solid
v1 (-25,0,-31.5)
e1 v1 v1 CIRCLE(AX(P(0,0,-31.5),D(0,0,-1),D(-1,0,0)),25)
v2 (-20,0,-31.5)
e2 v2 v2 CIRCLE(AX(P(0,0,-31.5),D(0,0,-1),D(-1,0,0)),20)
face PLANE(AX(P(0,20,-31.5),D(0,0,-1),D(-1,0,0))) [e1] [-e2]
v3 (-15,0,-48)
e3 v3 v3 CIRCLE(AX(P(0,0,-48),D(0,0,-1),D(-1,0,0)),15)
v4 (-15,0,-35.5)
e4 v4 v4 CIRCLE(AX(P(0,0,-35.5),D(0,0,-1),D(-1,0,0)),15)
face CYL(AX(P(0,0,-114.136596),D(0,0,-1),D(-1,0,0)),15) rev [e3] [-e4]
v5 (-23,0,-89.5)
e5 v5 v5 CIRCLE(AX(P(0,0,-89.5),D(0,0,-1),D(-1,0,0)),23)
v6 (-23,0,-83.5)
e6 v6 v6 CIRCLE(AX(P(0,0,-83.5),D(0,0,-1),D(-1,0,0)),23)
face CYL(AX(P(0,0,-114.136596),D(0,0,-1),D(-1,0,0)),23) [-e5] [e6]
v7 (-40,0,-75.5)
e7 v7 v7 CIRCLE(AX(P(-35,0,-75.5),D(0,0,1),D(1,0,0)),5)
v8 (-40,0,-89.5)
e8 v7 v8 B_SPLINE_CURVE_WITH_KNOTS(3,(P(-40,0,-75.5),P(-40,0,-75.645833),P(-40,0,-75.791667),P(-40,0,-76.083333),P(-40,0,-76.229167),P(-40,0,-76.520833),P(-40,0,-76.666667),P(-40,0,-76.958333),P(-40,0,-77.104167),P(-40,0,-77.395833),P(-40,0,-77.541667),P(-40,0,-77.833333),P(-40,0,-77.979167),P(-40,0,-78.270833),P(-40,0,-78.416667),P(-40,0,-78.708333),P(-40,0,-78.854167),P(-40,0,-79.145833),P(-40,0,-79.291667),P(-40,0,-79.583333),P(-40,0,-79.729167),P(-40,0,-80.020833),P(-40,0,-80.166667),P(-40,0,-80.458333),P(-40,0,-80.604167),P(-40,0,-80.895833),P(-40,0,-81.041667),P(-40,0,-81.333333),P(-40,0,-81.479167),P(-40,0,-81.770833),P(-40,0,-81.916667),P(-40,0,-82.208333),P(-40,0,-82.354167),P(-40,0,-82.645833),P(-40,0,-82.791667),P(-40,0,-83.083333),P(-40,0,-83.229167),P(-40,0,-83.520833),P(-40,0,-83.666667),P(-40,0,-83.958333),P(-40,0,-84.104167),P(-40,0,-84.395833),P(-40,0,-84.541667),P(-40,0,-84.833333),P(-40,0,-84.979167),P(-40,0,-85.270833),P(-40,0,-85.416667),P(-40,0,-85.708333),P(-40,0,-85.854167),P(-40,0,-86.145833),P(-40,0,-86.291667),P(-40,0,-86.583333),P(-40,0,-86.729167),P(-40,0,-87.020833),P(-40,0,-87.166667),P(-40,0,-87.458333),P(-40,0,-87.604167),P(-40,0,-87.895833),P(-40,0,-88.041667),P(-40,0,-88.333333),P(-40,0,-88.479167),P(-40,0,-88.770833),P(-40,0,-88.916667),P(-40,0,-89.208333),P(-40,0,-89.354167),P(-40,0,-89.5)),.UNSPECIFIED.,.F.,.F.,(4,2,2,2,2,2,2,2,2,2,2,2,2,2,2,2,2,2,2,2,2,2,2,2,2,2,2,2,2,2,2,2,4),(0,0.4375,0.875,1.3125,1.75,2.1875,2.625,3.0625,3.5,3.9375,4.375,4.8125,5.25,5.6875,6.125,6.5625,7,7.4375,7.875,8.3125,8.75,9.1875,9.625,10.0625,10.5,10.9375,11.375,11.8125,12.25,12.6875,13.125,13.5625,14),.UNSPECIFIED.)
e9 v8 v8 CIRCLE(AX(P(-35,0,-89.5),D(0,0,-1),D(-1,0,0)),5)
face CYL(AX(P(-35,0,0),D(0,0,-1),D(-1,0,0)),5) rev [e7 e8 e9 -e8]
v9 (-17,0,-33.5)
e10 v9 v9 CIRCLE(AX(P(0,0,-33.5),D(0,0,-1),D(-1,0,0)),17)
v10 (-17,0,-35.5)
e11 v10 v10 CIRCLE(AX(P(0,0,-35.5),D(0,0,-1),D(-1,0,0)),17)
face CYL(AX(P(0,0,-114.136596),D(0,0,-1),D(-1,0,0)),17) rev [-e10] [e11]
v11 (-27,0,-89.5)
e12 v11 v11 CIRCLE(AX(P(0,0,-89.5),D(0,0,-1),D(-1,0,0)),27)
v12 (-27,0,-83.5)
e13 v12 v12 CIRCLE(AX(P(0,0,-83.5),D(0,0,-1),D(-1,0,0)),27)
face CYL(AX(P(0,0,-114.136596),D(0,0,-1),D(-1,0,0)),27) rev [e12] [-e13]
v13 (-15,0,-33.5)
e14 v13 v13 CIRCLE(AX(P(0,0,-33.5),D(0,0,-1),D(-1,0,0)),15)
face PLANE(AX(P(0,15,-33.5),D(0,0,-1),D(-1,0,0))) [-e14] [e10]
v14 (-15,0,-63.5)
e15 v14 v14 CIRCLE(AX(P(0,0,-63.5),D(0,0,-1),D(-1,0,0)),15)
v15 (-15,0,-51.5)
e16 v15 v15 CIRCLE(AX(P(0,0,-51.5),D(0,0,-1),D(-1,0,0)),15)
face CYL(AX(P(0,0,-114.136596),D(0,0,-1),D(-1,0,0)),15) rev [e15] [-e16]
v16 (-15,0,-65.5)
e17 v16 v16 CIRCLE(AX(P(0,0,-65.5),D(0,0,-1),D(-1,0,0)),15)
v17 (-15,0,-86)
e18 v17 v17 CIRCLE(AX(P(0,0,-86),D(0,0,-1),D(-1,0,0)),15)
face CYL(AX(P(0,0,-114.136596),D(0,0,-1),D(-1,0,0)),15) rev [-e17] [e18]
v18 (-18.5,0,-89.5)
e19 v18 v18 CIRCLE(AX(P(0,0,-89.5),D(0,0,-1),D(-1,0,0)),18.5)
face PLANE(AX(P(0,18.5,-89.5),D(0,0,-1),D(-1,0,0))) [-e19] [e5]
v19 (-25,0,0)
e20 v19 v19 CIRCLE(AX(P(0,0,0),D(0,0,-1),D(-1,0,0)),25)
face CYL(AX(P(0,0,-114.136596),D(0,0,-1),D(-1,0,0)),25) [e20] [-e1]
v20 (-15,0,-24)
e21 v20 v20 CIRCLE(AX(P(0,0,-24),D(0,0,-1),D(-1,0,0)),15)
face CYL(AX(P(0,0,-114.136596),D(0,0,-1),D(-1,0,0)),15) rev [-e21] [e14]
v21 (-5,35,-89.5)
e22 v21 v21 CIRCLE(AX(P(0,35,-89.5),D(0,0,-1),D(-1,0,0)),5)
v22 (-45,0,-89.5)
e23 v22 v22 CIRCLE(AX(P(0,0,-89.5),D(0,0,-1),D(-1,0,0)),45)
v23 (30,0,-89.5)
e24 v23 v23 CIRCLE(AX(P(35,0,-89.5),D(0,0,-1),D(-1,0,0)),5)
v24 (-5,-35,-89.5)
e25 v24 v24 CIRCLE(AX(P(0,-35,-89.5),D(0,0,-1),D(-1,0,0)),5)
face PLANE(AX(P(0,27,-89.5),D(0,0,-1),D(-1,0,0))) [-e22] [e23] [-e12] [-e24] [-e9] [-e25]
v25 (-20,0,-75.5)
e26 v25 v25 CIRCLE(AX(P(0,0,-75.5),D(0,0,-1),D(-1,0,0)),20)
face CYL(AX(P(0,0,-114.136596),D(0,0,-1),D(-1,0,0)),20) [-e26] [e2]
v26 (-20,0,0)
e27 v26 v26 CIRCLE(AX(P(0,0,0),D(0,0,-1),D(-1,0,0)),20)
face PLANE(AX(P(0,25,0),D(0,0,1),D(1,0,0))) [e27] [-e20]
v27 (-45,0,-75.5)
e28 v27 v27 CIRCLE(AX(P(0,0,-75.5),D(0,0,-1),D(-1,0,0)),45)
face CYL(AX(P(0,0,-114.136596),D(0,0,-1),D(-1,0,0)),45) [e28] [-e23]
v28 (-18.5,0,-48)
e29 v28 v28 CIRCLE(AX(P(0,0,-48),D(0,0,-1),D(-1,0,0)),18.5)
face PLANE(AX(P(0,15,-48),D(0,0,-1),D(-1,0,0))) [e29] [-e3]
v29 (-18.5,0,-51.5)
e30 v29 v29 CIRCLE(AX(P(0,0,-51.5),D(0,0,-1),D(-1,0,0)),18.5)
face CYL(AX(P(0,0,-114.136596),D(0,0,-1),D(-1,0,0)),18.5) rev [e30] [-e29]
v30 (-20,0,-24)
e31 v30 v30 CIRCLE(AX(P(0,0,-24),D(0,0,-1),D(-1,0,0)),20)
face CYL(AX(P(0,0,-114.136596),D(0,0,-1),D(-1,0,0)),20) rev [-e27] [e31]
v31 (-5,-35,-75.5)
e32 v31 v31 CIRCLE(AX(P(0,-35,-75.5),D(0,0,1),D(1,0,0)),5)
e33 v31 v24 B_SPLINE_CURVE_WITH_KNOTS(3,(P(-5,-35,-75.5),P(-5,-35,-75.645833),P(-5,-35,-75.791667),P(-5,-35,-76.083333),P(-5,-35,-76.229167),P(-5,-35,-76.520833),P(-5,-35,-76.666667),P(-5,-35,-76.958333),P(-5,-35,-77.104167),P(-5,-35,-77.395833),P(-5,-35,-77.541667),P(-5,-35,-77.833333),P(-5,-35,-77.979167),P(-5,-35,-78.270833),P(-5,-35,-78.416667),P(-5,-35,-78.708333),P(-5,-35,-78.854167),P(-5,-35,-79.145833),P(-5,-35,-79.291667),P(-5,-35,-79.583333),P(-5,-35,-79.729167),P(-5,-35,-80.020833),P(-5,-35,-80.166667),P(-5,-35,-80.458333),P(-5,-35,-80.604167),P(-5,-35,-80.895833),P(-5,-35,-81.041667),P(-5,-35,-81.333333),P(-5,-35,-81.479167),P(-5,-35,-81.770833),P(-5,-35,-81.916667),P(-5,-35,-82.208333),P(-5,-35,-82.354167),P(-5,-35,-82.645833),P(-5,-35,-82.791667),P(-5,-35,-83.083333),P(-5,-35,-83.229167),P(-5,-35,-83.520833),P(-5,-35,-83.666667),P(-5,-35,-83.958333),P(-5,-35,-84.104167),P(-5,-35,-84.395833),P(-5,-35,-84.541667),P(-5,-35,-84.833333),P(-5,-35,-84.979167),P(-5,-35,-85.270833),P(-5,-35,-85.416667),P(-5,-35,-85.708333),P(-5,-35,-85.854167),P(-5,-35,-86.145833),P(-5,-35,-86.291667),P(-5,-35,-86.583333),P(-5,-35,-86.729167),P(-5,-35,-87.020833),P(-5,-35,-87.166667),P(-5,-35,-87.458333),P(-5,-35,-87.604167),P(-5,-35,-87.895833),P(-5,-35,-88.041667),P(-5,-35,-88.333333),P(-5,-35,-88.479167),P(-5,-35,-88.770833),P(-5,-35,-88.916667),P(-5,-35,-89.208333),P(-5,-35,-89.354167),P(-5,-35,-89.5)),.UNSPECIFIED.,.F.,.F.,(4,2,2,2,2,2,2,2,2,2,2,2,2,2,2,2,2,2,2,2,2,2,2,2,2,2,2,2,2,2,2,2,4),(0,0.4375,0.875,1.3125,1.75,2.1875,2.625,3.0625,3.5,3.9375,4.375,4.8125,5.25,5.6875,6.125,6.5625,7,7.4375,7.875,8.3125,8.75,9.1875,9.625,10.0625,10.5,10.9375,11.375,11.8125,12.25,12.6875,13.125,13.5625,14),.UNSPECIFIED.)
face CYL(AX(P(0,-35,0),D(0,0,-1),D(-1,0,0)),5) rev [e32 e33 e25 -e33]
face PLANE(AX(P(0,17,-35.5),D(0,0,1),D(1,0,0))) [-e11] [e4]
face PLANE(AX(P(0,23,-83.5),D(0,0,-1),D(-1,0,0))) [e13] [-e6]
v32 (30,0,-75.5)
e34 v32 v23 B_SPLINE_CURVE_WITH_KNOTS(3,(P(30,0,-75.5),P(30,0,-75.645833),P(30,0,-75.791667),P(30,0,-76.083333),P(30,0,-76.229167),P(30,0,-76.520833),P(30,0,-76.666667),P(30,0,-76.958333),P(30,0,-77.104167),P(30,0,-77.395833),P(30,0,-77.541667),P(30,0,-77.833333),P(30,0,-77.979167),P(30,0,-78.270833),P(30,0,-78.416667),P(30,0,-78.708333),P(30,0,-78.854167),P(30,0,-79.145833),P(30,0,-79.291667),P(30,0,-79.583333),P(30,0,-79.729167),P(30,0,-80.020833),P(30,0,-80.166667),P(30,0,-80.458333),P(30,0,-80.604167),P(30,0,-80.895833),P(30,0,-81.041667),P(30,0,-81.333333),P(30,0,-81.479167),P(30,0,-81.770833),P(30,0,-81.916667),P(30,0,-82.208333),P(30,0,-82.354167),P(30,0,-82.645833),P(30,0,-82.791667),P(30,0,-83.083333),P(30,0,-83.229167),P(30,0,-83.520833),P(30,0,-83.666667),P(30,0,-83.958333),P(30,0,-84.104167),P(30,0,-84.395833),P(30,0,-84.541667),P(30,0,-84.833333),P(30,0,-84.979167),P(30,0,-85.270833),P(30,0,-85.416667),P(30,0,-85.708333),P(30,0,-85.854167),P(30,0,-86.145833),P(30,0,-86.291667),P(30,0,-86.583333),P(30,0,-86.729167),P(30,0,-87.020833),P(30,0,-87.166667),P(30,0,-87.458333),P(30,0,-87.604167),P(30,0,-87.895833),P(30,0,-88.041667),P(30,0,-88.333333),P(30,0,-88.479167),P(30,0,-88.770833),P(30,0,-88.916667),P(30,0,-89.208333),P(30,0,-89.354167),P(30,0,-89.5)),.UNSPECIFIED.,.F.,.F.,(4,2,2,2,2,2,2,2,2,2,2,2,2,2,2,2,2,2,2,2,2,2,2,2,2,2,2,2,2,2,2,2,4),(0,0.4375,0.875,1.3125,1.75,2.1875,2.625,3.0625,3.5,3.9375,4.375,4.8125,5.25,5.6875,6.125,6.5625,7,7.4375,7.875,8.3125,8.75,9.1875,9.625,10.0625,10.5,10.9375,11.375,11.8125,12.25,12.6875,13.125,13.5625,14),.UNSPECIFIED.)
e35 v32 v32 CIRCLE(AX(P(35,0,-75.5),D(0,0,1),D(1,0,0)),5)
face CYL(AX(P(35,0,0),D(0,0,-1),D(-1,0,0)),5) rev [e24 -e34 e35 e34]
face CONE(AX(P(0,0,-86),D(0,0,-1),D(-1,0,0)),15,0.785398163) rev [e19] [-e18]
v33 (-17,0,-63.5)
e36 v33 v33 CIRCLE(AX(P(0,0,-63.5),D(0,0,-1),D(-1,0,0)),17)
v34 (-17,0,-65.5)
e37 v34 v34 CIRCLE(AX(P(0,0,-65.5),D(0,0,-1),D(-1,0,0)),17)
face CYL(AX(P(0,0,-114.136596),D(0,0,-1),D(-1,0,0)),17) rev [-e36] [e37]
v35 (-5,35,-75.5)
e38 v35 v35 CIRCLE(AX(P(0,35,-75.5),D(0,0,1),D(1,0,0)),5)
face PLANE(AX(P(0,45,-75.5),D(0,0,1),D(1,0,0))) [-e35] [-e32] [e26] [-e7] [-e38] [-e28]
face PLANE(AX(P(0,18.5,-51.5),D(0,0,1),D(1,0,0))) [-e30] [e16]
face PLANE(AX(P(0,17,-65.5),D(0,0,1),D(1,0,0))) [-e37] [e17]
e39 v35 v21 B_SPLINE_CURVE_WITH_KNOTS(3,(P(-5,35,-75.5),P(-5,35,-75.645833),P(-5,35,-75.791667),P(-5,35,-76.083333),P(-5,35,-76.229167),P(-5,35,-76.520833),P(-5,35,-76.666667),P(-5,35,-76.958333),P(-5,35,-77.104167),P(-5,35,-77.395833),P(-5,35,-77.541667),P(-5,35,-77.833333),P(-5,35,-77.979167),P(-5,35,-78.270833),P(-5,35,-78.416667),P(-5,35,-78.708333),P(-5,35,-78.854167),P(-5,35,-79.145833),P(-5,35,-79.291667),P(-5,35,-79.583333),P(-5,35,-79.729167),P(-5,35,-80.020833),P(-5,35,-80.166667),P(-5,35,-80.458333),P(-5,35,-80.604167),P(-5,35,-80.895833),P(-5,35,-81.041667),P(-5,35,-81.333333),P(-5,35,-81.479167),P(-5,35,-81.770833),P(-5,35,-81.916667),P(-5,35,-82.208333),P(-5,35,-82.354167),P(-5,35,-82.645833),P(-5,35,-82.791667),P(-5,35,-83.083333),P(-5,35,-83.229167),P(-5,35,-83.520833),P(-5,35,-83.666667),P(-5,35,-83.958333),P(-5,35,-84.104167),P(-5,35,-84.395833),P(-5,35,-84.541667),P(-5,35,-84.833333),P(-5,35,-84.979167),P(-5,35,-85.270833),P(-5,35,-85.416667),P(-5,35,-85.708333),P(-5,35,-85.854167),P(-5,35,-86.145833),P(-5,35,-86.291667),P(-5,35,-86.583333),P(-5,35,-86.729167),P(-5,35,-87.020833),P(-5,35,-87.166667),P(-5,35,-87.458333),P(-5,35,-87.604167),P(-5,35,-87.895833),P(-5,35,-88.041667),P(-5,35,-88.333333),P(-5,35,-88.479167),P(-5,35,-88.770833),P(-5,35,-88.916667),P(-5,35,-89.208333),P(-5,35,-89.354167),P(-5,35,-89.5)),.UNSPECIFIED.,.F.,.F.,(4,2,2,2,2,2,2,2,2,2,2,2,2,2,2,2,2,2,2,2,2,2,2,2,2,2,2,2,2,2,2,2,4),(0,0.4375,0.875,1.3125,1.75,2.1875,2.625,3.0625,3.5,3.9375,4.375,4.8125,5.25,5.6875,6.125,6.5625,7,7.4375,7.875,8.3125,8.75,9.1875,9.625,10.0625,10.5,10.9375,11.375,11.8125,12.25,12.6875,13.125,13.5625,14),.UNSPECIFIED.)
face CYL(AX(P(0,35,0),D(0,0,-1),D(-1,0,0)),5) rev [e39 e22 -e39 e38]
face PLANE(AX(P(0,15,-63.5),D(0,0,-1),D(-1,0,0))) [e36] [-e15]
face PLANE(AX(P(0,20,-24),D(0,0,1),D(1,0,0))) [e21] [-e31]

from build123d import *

# Parameters (mm, degrees)
SKETCH2_R          = 5
CUT_EXTRUDE1_DEPTH = 110.819169547


with BuildPart() as part:
    # Sketch1 → Revolve1 (revolve)
    with BuildSketch(Plane(origin=(0, 0, 0), x_dir=(0, 0, -1), z_dir=(1, 0, 0)), mode=Mode.PRIVATE) as revolve1_sk:
        Polygon((0, 25), (0, 20), (24, 20), (24, 15), (33.5, 15), (33.5, 17), (35.5, 17), (35.5, 15), (48, 15), (48, 18.5), (51.5, 18.5), (51.5, 15), (63.5, 15), (63.5, 17), (65.5, 17), (65.5, 15), (86, 15), (89.5, 18.5), (89.5, 23), (83.5, 23), (83.5, 27), (89.5, 27), (89.5, 45), (75.5, 45), (75.5, 20), (31.5, 20), (31.5, 25), align=None)
    revolve(revolve1_sk.sketch.rotate(Axis((0, 0, -114.136596419), (0, 0, 1)), 90), axis=Axis((0, 0, -114.136596419), (0, 0, 1)))

    # Sketch2 → Cut-Extrude1 (cut, through all)
    with BuildSketch(Plane(origin=(0, 0, -89.5), x_dir=(-1, 0, 0), z_dir=(0, 0, -1))):
        with Locations((0, 35)):
            Circle(SKETCH2_R)
        with Locations((35, 0)):
            Circle(SKETCH2_R)
        with Locations((0, -35)):
            Circle(SKETCH2_R)
        with Locations((-35, 0)):
            Circle(SKETCH2_R)
    extrude(amount=-CUT_EXTRUDE1_DEPTH, mode=Mode.SUBTRACT)


solid = part.part
